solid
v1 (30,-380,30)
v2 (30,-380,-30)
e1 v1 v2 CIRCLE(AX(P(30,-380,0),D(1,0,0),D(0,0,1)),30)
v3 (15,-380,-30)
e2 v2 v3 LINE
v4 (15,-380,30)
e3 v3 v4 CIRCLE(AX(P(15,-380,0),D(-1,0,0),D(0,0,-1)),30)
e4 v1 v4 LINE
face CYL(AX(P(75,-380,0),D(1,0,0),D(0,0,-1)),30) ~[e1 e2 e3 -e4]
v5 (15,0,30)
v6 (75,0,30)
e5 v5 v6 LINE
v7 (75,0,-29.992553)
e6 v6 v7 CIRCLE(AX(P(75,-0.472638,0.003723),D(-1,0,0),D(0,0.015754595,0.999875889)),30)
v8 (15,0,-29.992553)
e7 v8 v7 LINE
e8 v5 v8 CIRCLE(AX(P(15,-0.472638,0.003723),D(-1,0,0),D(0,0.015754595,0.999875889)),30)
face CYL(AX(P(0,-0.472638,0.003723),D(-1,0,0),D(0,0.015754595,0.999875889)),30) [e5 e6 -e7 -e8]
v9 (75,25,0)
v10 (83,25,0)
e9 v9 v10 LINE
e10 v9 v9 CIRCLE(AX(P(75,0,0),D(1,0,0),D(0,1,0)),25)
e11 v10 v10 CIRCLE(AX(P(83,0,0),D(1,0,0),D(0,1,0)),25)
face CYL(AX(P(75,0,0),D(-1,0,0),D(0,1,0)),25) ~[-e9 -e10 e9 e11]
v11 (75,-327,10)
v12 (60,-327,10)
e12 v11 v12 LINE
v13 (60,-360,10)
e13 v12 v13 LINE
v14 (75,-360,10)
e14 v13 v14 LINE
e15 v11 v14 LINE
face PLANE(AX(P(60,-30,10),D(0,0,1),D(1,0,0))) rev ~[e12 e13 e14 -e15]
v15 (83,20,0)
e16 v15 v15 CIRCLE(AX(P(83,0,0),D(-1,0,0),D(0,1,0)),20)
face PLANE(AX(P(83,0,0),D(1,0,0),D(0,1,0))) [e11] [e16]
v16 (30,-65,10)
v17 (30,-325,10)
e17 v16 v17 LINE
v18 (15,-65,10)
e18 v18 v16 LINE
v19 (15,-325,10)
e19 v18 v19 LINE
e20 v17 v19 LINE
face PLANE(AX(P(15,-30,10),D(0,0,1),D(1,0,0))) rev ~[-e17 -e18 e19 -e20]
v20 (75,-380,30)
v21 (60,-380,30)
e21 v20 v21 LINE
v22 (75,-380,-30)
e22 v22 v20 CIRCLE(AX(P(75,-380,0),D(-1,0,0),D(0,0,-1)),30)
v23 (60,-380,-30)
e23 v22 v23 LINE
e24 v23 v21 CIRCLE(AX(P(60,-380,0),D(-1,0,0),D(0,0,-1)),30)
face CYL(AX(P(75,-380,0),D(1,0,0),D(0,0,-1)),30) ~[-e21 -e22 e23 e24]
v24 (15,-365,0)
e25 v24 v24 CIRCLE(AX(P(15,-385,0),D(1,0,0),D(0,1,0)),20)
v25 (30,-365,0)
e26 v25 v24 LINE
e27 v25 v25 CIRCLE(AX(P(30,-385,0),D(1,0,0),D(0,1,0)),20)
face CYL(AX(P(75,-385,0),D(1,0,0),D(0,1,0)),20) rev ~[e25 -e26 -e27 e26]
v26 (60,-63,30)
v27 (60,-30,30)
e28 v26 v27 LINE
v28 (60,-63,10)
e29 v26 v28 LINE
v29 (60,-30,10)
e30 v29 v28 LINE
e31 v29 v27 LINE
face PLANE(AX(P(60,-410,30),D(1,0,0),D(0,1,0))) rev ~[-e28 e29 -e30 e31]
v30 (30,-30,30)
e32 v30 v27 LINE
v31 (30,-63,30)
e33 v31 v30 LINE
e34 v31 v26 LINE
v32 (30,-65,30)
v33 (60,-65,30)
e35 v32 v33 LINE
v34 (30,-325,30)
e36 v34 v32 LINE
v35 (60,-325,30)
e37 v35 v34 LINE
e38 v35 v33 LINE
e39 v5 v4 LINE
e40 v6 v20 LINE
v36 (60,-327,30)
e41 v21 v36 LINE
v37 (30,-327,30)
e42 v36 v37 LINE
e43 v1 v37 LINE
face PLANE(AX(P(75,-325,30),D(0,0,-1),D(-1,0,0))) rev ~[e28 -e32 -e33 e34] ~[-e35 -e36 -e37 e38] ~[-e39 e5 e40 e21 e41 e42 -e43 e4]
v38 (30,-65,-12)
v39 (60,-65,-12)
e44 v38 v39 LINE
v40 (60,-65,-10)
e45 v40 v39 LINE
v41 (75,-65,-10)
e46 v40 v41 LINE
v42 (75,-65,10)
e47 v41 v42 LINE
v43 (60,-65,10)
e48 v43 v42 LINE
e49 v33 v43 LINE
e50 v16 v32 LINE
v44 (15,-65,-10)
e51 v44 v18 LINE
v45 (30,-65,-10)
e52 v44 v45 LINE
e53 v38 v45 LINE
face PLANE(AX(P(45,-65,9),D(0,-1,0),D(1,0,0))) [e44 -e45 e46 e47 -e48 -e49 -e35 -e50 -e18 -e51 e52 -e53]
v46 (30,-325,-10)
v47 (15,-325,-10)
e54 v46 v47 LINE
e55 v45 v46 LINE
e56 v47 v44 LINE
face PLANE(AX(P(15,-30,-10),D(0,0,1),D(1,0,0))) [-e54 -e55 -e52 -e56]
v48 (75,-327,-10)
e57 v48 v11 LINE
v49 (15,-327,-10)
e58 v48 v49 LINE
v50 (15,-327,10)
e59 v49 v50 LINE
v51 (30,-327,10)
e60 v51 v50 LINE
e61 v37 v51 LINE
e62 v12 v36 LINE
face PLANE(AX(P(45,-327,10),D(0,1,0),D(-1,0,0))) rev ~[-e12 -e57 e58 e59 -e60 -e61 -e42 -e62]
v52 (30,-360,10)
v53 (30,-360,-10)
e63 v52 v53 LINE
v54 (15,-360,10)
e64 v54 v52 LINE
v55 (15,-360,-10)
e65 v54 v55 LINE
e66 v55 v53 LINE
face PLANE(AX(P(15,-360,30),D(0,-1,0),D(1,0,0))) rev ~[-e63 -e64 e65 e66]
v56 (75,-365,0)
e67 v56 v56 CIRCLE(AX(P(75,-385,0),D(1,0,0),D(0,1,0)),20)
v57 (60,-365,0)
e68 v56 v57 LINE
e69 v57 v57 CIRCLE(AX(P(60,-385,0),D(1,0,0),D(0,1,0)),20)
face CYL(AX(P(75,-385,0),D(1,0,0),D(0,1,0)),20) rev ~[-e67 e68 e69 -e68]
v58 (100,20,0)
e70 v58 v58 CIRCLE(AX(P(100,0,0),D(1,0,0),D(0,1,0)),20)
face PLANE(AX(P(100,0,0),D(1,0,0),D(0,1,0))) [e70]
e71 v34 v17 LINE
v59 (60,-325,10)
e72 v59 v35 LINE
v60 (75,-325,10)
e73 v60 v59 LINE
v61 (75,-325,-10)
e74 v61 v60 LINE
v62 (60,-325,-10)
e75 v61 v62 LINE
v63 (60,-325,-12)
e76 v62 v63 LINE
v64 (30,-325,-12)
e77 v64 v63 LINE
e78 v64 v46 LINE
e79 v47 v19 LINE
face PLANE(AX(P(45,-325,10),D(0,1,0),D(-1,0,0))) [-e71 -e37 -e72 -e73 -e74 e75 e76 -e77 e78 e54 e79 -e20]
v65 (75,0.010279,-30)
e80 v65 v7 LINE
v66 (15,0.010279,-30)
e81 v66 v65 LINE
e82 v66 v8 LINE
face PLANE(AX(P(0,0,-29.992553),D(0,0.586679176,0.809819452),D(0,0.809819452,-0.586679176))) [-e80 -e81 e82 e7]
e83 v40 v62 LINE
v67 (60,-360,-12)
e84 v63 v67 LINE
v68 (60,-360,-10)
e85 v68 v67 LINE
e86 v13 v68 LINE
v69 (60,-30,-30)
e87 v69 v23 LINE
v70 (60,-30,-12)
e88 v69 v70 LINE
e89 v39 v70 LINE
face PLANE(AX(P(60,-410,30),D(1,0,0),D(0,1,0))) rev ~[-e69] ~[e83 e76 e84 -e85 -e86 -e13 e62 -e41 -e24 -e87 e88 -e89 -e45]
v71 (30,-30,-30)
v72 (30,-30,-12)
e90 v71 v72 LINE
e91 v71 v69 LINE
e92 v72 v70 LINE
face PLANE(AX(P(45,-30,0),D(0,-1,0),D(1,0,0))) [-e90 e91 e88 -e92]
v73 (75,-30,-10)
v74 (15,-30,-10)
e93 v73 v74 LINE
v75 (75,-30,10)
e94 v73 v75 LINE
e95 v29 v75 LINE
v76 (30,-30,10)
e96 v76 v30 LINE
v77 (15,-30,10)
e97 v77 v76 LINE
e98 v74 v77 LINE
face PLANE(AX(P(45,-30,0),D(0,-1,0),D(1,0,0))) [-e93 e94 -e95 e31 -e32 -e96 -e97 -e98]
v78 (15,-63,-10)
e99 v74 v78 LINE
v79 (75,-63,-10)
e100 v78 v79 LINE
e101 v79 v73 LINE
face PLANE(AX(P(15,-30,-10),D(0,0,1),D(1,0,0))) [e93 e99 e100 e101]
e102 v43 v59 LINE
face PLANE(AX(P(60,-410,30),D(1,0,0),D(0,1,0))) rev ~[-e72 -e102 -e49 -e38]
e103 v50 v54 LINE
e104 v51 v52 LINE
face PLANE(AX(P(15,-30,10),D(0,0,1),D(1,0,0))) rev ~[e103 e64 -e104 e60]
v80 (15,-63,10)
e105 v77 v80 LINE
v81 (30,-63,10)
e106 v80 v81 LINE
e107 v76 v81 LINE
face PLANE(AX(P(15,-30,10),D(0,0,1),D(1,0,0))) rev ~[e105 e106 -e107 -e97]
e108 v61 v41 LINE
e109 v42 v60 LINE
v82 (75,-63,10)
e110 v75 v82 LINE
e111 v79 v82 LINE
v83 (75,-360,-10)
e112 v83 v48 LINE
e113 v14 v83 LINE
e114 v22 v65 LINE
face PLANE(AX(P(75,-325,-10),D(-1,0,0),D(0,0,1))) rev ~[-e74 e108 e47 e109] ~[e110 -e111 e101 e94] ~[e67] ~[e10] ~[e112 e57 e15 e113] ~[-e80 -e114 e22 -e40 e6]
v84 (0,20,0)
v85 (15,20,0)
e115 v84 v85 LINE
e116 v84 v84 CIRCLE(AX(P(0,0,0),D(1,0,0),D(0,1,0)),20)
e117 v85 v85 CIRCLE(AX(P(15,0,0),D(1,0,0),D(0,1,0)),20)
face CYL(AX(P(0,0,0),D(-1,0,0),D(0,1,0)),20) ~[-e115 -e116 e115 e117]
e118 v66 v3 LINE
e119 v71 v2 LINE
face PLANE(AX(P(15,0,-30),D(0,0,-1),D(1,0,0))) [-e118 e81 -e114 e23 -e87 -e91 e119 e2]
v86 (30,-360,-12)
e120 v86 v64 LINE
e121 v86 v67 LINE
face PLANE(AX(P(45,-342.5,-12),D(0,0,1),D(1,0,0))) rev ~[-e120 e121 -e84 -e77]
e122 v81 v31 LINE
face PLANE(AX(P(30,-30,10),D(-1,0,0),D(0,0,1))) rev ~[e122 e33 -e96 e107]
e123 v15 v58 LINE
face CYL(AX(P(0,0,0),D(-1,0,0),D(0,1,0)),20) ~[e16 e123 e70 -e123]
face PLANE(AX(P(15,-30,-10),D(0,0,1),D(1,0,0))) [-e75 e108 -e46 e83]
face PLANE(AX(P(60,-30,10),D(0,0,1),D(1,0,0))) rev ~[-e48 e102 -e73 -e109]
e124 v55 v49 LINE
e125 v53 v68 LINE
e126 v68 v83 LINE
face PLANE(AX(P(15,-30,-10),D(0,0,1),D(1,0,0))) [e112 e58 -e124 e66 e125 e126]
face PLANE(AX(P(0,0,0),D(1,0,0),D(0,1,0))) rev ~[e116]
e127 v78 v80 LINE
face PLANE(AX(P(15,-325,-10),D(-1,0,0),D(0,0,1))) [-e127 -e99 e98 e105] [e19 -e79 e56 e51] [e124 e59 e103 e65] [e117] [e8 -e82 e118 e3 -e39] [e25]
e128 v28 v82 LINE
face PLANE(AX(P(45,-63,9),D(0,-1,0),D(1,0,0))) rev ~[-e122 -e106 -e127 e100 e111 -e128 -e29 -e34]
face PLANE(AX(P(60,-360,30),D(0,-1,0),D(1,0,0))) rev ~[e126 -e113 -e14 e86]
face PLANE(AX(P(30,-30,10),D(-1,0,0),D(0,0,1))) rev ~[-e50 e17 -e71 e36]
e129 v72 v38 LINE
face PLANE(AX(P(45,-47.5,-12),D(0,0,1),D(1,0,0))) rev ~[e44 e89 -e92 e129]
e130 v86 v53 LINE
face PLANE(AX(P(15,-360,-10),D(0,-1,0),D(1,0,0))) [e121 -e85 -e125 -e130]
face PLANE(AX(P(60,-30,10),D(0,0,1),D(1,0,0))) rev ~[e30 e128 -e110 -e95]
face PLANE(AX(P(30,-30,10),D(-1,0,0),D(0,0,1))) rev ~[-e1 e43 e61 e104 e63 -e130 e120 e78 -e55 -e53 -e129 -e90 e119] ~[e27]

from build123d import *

# Parameters (mm, degrees)
F0_R          = 20
F1_DEPTH      = 100
F2_W          = 60
F2_H          = 60
F3_DEPTH      = 30
F3_DEPTH_BACK = 40
F4_W          = 15
F4_H          = 20
F5_DEPTH      = 380
F6_W          = 15
F6_H          = 50
F7_DEPTH      = 50
F8_R          = 20
F9_DEPTH      = 75.001
F11_DEPTH     = 75.001
F13_DEPTH     = 100.001
F14_R         = 25
F15_DEPTH     = 8
F16_W         = 60
F16_H         = 35
F17_DEPTH     = 2
F18_W         = 60
F18_H         = 42
F19_DEPTH     = 2
F20_W         = 60
F20_H         = 35
F21_DEPTH     = 2
F22_W         = 60
F22_H         = 40
F23_DEPTH     = 2


with BuildPart() as f1:
    # F0 (on Right) → F1 (new body)
    with BuildSketch(Plane.YZ):
        Circle(F0_R)
    extrude(amount=F1_DEPTH)

    # F2 (on Front) → F3 (join, two sides)
    with BuildSketch(Plane.XZ) as f3_sk:
        with Locations((45, 0)):
            Rectangle(F2_W, F2_H)
    extrude(amount=F3_DEPTH)
    extrude(f3_sk.sketch, amount=-F3_DEPTH_BACK)

    # F4 (on face) → F5 (join)
    with BuildSketch(Plane.XZ.offset(30)):
        with Locations((67.5, 20)):
            Rectangle(F4_W, F4_H)
        with Locations((22.5, 20)):
            Rectangle(F4_W, F4_H)
        with Locations((22.5, -20)):
            Rectangle(F4_W, F4_H)
        with Locations((67.5, -20)):
            Rectangle(F4_W, F4_H)
    extrude(amount=F5_DEPTH)

    # F6 (on face) → F7 (join)
    with BuildSketch(Plane.XY.offset(30)):
        with Locations((67.5, -385)):
            Rectangle(F6_W, F6_H)
        with Locations((22.5, -385)):
            Rectangle(F6_W, F6_H)
    extrude(amount=-F7_DEPTH)

    # F8 (on face) → F9 (cut, through all)
    with BuildSketch(Plane.YZ.offset(75)):
        with Locations((-385, 0)):
            Circle(F8_R)
    extrude(amount=-F9_DEPTH, mode=Mode.SUBTRACT)

    # F10 (on face) → F11 (cut, through all)
    with BuildSketch(Plane.YZ.offset(75)):
        with BuildLine():
            ThreePointArc((-380, -30), (-410, 0), (-380, 30))
            Line((-380, 30), (-431.153561, 30))
            Line((-431.153561, 30), (-431.153561, -30))
            Line((-431.153561, -30), (-380, -30))
        make_face()
    extrude(amount=-F11_DEPTH, mode=Mode.SUBTRACT)

    # F12 (on Right) → F13 (cut, through all)
    with BuildSketch(Plane.YZ):
        with BuildLine():
            ThreePointArc((0, 30), (29.527362, 0.003723), (0, -29.992553))
            Line((0, -29.992553), (38.263392, -57.712726))
            Line((38.263392, -57.712726), (73.062226, -4.995079))
            Line((73.062226, -4.995079), (49.949568, 52.137349))
            Line((49.949568, 52.137349), (0, 30))
        make_face()
    extrude(amount=F13_DEPTH, mode=Mode.SUBTRACT)

    # F14 (on face) → F15 (join)
    with BuildSketch(Plane.YZ.offset(75)):
        Circle(F14_R)
    extrude(amount=F15_DEPTH)

    # F16 (on face) → F17 (join)
    with BuildSketch(Plane.XY.offset(-10)):
        with Locations((45, -47.5)):
            Rectangle(F16_W, F16_H)
    extrude(amount=-F17_DEPTH)

    # F18 (on face) → F19 (join)
    with BuildSketch(Plane.XZ.offset(65)):
        with Locations((45, 9)):
            Rectangle(F18_W, F18_H)
    extrude(amount=-F19_DEPTH)

    # F20 (on face) → F21 (join)
    with BuildSketch(Plane.XY.offset(-10)):
        with Locations((45, -342.5)):
            Rectangle(F20_W, F20_H)
    extrude(amount=-F21_DEPTH)

    # F22 (on face) → F23 (join)
    with BuildSketch(Plane(origin=(0, -325, 0), x_dir=(-1, 0, 0), z_dir=(0, 1, 0))):
        with Locations((-45, 10)):
            Rectangle(F22_W, F22_H)
    extrude(amount=-F23_DEPTH)


solid = f1.part
